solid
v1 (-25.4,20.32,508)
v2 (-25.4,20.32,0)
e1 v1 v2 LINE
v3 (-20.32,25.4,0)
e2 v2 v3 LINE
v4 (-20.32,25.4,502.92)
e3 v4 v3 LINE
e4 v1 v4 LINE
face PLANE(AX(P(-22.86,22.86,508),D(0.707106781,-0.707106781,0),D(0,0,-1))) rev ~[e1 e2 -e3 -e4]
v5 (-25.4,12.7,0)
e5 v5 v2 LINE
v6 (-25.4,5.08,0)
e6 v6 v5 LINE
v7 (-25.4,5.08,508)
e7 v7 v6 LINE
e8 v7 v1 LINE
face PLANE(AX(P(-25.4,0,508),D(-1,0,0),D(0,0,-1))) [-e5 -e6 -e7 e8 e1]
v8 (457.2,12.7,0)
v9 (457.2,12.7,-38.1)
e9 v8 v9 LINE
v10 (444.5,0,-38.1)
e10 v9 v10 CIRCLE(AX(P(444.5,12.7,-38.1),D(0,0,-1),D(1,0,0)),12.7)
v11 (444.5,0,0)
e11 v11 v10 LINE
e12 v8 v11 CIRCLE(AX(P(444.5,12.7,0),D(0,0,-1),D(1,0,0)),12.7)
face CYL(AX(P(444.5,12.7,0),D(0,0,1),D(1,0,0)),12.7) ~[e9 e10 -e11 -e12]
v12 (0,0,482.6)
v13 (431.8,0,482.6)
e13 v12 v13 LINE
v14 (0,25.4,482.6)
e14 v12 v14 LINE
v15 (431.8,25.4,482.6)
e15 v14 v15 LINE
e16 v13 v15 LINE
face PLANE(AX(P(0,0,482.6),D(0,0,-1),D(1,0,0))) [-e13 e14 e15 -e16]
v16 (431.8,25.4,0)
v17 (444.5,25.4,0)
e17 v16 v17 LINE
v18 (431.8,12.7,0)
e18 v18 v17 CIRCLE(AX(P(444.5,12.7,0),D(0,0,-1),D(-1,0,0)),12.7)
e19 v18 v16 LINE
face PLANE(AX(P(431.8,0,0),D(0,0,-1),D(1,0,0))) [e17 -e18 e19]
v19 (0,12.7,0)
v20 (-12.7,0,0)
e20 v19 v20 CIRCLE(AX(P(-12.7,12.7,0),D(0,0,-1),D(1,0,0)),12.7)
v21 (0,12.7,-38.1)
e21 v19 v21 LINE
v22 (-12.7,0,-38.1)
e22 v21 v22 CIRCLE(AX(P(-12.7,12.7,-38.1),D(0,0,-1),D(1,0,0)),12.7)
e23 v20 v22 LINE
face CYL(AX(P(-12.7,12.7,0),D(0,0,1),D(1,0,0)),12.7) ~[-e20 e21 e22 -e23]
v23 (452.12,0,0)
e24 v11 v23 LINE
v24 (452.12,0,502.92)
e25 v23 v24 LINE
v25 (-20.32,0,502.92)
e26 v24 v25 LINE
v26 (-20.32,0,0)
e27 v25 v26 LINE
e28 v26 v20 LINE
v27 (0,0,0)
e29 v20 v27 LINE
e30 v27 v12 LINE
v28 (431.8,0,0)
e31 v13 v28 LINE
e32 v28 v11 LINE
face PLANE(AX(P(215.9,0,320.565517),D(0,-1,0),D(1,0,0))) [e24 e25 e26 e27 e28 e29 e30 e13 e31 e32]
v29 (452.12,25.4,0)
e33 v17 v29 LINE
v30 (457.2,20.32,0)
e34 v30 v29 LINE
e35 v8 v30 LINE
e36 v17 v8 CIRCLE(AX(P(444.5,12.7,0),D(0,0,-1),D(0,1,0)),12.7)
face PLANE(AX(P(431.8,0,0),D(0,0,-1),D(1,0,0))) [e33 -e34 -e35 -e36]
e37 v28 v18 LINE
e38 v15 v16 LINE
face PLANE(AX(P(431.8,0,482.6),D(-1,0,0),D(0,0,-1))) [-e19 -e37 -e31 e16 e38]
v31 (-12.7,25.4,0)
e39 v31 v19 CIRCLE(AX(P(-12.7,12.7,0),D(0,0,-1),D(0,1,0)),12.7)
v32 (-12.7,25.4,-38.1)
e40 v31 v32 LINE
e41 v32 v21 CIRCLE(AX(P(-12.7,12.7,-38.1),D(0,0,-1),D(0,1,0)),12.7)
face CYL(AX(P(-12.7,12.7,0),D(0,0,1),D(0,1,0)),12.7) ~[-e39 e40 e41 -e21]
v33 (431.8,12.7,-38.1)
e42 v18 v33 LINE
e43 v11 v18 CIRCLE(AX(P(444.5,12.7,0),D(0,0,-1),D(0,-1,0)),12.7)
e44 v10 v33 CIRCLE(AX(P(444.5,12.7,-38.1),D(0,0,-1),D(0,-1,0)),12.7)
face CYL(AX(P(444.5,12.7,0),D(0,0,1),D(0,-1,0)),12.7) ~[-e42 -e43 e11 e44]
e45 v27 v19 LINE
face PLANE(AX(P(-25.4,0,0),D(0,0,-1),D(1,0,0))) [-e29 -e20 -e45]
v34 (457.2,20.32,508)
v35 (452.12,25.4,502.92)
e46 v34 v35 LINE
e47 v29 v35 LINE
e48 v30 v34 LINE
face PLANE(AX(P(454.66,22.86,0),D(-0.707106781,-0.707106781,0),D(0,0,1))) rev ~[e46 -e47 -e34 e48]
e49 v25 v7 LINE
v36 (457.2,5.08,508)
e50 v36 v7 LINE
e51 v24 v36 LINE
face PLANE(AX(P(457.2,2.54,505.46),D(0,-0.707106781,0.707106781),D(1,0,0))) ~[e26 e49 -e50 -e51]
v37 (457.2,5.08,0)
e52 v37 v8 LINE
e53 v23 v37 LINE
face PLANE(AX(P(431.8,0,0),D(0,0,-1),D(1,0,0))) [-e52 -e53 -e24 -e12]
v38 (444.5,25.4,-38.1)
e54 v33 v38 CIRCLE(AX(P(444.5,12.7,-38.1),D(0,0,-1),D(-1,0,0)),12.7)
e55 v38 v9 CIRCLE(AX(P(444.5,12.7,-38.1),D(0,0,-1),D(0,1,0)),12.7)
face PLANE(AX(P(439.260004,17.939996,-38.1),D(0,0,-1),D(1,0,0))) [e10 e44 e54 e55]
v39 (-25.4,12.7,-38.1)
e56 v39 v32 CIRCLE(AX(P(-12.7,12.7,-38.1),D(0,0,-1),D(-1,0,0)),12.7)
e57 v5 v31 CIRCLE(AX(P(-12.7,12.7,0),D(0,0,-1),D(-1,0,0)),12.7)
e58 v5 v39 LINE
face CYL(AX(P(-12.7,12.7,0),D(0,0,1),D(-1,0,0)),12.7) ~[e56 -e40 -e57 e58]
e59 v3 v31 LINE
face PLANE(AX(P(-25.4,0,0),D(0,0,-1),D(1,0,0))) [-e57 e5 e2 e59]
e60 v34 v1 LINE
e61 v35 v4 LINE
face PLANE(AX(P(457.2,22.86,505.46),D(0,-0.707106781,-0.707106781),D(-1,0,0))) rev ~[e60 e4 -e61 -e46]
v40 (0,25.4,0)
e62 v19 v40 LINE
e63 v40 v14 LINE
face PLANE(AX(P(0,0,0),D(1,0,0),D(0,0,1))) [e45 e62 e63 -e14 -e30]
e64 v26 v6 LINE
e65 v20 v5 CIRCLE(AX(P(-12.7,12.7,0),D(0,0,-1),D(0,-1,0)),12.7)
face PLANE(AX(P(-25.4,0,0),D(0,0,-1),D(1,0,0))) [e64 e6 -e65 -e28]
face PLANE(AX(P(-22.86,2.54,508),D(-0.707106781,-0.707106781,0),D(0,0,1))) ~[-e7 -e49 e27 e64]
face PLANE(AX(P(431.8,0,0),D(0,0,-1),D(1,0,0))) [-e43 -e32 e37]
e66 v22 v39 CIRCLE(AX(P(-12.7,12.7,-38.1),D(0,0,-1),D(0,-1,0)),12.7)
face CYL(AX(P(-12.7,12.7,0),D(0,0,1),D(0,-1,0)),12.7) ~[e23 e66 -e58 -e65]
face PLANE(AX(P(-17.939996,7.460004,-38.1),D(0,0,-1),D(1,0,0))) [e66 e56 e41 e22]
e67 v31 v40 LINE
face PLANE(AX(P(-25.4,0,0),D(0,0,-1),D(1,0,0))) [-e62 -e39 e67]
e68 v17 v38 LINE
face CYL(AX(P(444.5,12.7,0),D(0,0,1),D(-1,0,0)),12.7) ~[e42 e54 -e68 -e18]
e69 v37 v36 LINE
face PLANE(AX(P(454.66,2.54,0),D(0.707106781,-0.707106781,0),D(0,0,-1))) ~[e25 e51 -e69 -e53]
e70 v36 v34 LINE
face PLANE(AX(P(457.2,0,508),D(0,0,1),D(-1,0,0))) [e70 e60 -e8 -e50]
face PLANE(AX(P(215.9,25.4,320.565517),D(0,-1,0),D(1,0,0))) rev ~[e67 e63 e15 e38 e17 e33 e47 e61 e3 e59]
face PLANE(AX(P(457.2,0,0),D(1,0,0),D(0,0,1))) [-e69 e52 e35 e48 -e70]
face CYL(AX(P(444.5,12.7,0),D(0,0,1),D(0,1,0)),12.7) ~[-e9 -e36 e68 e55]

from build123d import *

# Parameters (mm, degrees)
F1_DEPTH = 25.4
F3_DEPTH = 38.1
F5_DEPTH = 38.1
F6_SIZE  = 5.08


with BuildPart() as f1:
    # F0 (on Front) → F1 (new body)
    with BuildSketch(Plane.XZ):
        Polygon((-25.4, 0), (0, 0), (0, 482.6), (431.8, 482.6), (431.8, 0), (457.2, 0), (457.2, 508), (-25.4, 508), align=None)
    extrude(amount=-F1_DEPTH)

    # F2 (on face) → F3 (join)
    with BuildSketch(Plane(origin=(0, 0, 0), x_dir=(1, 0, 0), z_dir=(0, 0, -1))):
        with BuildLine():
            Line((-12.7, -12.7), (-12.7, 0))
            ThreePointArc((-12.7, 0), (-21.6802561211, -3.7197438789), (-25.4, -12.7))
            Line((-25.4, -12.7), (-12.7, -12.7))
        make_face()
        with BuildLine():
            ThreePointArc((0, -12.7), (-3.7197438789, -3.7197438789), (-12.7, 0))
            Line((-12.7, 0), (-12.7, -12.7))
            Line((-12.7, -12.7), (0, -12.7))
        make_face()
        with BuildLine():
            Line((-12.7, -25.4), (-12.7, -12.7))
            Line((-12.7, -12.7), (-25.4, -12.7))
            ThreePointArc((-25.4, -12.7), (-21.6802561211, -21.6802561211), (-12.7, -25.4))
        make_face()
        with BuildLine():
            Line((0, -12.7), (-12.7, -12.7))
            Line((-12.7, -12.7), (-12.7, -25.4))
            ThreePointArc((-12.7, -25.4), (-3.7197438789, -21.6802561211), (0, -12.7))
        make_face()
    extrude(amount=F3_DEPTH)

    # F4 (on face) → F5 (join)
    with BuildSketch(Plane(origin=(0, 0, 0), x_dir=(1, 0, 0), z_dir=(0, 0, -1))):
        with BuildLine():
            Line((444.5, -12.7), (431.8, -12.7))
            ThreePointArc((431.8, -12.7), (435.5197438789, -21.6802561211), (444.5, -25.4))
            Line((444.5, -25.4), (444.5, -12.7))
        make_face()
        with BuildLine():
            ThreePointArc((444.5, 0), (435.5197438789, -3.7197438789), (431.8, -12.7))
            Line((431.8, -12.7), (444.5, -12.7))
            Line((444.5, -12.7), (444.5, 0))
        make_face()
        with BuildLine():
            Line((457.2, -12.7), (444.5, -12.7))
            Line((444.5, -12.7), (444.5, -25.4))
            ThreePointArc((444.5, -25.4), (453.4802561211, -21.6802561211), (457.2, -12.7))
        make_face()
        with BuildLine():
            Line((444.5, 0), (444.5, -12.7))
            Line((444.5, -12.7), (457.2, -12.7))
            ThreePointArc((457.2, -12.7), (453.4802561211, -3.7197438789), (444.5, 0))
        make_face()
    extrude(amount=F5_DEPTH)

    # F6
    f6_edges = [f1.edges().sort_by_distance(p)[0] for p in [
        (457.2, 25.4, 254),
        (457.2, 0, 254),
        (-25.4, 25.4, 254),
        (-25.4, 0, 254),
        (215.9, 0, 508),
        (215.9, 25.4, 508),
    ]]
    chamfer(f6_edges, length=F6_SIZE)


solid = f1.part
